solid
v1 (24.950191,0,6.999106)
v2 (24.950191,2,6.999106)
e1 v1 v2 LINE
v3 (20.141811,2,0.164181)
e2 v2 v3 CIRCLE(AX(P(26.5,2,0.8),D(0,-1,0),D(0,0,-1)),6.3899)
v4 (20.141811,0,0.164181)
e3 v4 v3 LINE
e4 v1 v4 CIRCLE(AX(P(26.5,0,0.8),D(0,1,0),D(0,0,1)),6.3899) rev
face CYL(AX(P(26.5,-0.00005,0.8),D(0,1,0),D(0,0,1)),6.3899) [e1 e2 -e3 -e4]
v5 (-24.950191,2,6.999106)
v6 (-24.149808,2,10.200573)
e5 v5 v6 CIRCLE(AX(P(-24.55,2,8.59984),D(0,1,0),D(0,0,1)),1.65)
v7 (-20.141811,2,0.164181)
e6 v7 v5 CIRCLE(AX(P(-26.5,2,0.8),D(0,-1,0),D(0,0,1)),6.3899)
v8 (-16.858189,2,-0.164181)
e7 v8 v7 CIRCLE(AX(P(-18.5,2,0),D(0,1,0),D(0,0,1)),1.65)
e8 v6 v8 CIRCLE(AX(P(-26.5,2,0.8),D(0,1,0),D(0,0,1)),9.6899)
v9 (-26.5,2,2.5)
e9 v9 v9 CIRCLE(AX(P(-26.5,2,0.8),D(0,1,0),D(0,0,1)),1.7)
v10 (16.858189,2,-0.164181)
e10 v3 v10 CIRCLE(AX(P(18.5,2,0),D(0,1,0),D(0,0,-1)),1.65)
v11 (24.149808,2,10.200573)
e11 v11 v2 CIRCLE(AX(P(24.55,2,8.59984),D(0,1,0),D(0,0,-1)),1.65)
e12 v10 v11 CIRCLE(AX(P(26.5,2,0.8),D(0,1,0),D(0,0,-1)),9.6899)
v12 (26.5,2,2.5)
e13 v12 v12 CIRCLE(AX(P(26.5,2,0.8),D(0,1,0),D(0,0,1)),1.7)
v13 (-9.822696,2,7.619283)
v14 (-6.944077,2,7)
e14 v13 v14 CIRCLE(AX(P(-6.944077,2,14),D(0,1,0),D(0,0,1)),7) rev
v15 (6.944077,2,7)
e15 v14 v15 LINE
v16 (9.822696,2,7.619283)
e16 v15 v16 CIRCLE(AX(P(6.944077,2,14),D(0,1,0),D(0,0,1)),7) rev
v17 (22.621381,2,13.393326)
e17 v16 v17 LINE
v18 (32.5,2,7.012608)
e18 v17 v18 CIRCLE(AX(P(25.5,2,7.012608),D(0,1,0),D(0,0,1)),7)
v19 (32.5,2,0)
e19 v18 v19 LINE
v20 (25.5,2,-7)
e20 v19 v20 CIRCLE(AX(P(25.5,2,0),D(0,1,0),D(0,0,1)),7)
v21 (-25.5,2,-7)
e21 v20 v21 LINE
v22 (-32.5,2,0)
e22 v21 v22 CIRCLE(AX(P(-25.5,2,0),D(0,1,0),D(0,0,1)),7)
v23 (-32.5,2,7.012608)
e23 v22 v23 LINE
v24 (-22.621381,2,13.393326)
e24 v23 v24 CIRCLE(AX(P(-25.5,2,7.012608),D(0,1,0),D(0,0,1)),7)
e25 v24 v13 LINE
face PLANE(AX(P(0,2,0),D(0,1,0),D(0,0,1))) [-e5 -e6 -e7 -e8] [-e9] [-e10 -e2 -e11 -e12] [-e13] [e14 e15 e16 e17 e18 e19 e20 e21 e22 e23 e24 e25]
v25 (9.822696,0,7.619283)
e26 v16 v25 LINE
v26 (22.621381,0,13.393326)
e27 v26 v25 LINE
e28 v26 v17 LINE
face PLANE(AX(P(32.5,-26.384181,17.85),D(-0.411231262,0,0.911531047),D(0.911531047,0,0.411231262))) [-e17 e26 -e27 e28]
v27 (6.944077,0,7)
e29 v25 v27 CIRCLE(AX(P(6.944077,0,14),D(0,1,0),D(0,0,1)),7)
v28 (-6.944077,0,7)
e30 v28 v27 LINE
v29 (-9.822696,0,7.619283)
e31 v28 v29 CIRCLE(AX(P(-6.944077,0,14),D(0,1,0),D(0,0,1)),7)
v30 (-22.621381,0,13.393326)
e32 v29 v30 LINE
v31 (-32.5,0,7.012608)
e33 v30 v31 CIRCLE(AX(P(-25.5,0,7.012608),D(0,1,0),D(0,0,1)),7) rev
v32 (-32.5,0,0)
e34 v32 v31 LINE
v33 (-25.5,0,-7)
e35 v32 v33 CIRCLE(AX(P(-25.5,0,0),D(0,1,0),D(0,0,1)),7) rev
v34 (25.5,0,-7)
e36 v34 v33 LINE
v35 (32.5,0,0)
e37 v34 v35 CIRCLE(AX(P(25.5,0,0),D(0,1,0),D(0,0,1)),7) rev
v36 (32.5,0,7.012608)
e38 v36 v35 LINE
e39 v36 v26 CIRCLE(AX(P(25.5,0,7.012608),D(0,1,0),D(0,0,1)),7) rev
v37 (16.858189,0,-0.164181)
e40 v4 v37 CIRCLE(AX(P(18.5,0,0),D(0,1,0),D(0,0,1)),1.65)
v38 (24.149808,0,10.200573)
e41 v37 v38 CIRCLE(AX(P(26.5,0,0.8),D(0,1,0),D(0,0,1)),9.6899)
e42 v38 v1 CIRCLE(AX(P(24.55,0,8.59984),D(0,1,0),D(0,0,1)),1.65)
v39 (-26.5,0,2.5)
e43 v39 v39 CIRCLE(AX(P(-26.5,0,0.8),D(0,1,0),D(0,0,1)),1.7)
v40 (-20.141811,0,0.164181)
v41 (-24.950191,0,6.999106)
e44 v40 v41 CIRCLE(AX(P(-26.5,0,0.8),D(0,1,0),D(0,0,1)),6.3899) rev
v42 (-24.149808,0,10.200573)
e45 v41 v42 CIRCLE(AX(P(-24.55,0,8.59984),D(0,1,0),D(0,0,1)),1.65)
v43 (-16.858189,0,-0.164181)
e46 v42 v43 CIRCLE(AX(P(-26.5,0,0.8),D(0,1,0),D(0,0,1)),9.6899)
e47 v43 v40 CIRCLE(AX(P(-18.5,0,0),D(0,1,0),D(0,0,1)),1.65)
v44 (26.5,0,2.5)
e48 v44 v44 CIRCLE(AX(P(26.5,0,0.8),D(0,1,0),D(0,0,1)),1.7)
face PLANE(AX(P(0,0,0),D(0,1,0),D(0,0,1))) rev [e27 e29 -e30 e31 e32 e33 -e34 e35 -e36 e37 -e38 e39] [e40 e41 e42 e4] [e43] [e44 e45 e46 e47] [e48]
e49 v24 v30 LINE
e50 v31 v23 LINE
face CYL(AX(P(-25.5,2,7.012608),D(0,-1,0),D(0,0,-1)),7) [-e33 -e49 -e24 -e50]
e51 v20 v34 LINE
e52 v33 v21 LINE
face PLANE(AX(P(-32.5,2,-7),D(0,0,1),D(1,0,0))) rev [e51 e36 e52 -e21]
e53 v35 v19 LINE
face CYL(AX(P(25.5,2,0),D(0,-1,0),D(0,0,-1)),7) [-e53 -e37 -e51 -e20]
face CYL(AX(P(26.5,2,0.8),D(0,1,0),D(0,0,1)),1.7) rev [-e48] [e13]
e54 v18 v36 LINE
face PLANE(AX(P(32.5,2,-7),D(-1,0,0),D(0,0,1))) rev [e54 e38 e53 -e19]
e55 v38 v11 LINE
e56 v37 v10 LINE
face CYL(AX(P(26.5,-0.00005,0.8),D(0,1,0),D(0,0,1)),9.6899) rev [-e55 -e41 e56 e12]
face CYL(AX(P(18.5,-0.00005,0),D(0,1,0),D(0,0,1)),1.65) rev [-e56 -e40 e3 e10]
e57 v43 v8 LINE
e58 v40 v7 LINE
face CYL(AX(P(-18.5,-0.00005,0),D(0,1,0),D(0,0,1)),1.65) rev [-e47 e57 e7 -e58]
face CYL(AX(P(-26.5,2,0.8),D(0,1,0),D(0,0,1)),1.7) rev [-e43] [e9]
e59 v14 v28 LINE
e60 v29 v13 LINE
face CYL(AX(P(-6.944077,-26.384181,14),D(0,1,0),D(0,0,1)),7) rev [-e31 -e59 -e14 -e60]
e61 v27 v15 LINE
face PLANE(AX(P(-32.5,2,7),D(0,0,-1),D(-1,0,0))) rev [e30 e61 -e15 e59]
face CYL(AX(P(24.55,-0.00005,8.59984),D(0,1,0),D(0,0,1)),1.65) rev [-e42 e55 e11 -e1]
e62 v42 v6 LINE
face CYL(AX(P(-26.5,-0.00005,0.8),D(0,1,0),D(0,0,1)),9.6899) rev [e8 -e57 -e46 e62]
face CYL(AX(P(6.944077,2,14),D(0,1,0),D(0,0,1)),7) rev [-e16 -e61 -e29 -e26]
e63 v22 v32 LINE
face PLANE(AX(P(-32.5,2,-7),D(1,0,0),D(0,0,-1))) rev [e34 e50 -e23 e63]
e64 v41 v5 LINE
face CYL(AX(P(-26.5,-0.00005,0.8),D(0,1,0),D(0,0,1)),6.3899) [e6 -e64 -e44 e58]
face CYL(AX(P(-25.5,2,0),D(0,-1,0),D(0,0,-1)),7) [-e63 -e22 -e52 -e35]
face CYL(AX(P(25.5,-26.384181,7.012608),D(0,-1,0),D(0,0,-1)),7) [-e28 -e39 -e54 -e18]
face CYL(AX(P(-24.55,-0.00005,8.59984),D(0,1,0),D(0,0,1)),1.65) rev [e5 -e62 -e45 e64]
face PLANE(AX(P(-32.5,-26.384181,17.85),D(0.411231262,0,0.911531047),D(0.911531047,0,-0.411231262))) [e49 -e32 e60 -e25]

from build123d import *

# Parameters (mm, degrees)
SKETCH1_W            = 65
SKETCH1_H            = 14
BOSS_EXTRUDE1_DEPTH  = 2
BOSS_EXTRUDE2_DEPTH  = 2
M3_CLEARANCE_HOLE1_D = 3.4
CUT_EXTRUDE1_DEPTH   = 38.133172501
FILLET1_R            = 7


with BuildPart() as part:
    # Sketch1 → Boss-Extrude1 (new body)
    with BuildSketch(Plane(origin=(0, 0, 0), x_dir=(1, 0, 0), z_dir=(0, 1, 0))):
        Rectangle(SKETCH1_W, SKETCH1_H)
    extrude(amount=BOSS_EXTRUDE1_DEPTH)

    # Sketch5 → Boss-Extrude2 (add)
    with BuildSketch(Plane(origin=(0, 2, 0), x_dir=(1, 0, 0), z_dir=(0, 1, 0))):
        Polygon((-32.5, -7), (-32.5, -17.85), (-8.45, -7), align=None)
        Polygon((8.45, -7), (32.5, -7), (32.5, -17.85), align=None)
    extrude(amount=-BOSS_EXTRUDE2_DEPTH)

    # M3 Clearance Hole1 (through all)
    with Locations(Plane(origin=(0, 2, 0), x_dir=(1, 0, 0), z_dir=(0, 1, 0))):
        with Locations((-26.5, -0.8), (26.5, -0.8)):
            Hole(M3_CLEARANCE_HOLE1_D / 2)

    # Sketch4 → Cut-Extrude1 (cut, through all)
    with BuildSketch(Plane(origin=(0, 2, 0), x_dir=(1, 0, 0), z_dir=(0, 1, 0))):
        with BuildLine():
            ThreePointArc((-24.14980848, -10.200572933), (-18.574782967, -6.375401925), (-16.858188636, 0.164181136))
            ThreePointArc((-16.858188636, 0.164181136), (-18.664181136, 1.641811364), (-20.141811364, -0.164181136))
            ThreePointArc((-20.141811364, -0.164181136), (-21.273800865, -4.476638541), (-24.950191053, -6.999106435))
            ThreePointArc((-24.950191053, -6.999106435), (-26.150733249, -9.000031029), (-24.14980848, -10.200572933))
        make_face()
        with BuildLine():
            ThreePointArc((24.14980848, -10.200572933), (18.574782967, -6.375401925), (16.858188636, 0.164181136))
            ThreePointArc((16.858188636, 0.164181136), (18.664181136, 1.641811364), (20.141811364, -0.164181136))
            ThreePointArc((20.141811364, -0.164181136), (21.273800865, -4.476638541), (24.950191053, -6.999106435))
            ThreePointArc((24.950191053, -6.999106435), (26.150733249, -9.000031029), (24.14980848, -10.200572933))
        make_face()
    extrude(amount=-CUT_EXTRUDE1_DEPTH, mode=Mode.SUBTRACT)

    # Fillet1
    fillet1_edges = [part.edges().sort_by_distance(p)[0] for p in [
        (32.5, 1, -7),
        (-32.5, 1, -7),
        (32.5, 1, 17.85),
        (8.45, 1, 7),
        (-8.45, 1, 7),
        (-32.5, 1, 17.85),
    ]]
    fillet(fillet1_edges, radius=FILLET1_R)


solid = part.part
